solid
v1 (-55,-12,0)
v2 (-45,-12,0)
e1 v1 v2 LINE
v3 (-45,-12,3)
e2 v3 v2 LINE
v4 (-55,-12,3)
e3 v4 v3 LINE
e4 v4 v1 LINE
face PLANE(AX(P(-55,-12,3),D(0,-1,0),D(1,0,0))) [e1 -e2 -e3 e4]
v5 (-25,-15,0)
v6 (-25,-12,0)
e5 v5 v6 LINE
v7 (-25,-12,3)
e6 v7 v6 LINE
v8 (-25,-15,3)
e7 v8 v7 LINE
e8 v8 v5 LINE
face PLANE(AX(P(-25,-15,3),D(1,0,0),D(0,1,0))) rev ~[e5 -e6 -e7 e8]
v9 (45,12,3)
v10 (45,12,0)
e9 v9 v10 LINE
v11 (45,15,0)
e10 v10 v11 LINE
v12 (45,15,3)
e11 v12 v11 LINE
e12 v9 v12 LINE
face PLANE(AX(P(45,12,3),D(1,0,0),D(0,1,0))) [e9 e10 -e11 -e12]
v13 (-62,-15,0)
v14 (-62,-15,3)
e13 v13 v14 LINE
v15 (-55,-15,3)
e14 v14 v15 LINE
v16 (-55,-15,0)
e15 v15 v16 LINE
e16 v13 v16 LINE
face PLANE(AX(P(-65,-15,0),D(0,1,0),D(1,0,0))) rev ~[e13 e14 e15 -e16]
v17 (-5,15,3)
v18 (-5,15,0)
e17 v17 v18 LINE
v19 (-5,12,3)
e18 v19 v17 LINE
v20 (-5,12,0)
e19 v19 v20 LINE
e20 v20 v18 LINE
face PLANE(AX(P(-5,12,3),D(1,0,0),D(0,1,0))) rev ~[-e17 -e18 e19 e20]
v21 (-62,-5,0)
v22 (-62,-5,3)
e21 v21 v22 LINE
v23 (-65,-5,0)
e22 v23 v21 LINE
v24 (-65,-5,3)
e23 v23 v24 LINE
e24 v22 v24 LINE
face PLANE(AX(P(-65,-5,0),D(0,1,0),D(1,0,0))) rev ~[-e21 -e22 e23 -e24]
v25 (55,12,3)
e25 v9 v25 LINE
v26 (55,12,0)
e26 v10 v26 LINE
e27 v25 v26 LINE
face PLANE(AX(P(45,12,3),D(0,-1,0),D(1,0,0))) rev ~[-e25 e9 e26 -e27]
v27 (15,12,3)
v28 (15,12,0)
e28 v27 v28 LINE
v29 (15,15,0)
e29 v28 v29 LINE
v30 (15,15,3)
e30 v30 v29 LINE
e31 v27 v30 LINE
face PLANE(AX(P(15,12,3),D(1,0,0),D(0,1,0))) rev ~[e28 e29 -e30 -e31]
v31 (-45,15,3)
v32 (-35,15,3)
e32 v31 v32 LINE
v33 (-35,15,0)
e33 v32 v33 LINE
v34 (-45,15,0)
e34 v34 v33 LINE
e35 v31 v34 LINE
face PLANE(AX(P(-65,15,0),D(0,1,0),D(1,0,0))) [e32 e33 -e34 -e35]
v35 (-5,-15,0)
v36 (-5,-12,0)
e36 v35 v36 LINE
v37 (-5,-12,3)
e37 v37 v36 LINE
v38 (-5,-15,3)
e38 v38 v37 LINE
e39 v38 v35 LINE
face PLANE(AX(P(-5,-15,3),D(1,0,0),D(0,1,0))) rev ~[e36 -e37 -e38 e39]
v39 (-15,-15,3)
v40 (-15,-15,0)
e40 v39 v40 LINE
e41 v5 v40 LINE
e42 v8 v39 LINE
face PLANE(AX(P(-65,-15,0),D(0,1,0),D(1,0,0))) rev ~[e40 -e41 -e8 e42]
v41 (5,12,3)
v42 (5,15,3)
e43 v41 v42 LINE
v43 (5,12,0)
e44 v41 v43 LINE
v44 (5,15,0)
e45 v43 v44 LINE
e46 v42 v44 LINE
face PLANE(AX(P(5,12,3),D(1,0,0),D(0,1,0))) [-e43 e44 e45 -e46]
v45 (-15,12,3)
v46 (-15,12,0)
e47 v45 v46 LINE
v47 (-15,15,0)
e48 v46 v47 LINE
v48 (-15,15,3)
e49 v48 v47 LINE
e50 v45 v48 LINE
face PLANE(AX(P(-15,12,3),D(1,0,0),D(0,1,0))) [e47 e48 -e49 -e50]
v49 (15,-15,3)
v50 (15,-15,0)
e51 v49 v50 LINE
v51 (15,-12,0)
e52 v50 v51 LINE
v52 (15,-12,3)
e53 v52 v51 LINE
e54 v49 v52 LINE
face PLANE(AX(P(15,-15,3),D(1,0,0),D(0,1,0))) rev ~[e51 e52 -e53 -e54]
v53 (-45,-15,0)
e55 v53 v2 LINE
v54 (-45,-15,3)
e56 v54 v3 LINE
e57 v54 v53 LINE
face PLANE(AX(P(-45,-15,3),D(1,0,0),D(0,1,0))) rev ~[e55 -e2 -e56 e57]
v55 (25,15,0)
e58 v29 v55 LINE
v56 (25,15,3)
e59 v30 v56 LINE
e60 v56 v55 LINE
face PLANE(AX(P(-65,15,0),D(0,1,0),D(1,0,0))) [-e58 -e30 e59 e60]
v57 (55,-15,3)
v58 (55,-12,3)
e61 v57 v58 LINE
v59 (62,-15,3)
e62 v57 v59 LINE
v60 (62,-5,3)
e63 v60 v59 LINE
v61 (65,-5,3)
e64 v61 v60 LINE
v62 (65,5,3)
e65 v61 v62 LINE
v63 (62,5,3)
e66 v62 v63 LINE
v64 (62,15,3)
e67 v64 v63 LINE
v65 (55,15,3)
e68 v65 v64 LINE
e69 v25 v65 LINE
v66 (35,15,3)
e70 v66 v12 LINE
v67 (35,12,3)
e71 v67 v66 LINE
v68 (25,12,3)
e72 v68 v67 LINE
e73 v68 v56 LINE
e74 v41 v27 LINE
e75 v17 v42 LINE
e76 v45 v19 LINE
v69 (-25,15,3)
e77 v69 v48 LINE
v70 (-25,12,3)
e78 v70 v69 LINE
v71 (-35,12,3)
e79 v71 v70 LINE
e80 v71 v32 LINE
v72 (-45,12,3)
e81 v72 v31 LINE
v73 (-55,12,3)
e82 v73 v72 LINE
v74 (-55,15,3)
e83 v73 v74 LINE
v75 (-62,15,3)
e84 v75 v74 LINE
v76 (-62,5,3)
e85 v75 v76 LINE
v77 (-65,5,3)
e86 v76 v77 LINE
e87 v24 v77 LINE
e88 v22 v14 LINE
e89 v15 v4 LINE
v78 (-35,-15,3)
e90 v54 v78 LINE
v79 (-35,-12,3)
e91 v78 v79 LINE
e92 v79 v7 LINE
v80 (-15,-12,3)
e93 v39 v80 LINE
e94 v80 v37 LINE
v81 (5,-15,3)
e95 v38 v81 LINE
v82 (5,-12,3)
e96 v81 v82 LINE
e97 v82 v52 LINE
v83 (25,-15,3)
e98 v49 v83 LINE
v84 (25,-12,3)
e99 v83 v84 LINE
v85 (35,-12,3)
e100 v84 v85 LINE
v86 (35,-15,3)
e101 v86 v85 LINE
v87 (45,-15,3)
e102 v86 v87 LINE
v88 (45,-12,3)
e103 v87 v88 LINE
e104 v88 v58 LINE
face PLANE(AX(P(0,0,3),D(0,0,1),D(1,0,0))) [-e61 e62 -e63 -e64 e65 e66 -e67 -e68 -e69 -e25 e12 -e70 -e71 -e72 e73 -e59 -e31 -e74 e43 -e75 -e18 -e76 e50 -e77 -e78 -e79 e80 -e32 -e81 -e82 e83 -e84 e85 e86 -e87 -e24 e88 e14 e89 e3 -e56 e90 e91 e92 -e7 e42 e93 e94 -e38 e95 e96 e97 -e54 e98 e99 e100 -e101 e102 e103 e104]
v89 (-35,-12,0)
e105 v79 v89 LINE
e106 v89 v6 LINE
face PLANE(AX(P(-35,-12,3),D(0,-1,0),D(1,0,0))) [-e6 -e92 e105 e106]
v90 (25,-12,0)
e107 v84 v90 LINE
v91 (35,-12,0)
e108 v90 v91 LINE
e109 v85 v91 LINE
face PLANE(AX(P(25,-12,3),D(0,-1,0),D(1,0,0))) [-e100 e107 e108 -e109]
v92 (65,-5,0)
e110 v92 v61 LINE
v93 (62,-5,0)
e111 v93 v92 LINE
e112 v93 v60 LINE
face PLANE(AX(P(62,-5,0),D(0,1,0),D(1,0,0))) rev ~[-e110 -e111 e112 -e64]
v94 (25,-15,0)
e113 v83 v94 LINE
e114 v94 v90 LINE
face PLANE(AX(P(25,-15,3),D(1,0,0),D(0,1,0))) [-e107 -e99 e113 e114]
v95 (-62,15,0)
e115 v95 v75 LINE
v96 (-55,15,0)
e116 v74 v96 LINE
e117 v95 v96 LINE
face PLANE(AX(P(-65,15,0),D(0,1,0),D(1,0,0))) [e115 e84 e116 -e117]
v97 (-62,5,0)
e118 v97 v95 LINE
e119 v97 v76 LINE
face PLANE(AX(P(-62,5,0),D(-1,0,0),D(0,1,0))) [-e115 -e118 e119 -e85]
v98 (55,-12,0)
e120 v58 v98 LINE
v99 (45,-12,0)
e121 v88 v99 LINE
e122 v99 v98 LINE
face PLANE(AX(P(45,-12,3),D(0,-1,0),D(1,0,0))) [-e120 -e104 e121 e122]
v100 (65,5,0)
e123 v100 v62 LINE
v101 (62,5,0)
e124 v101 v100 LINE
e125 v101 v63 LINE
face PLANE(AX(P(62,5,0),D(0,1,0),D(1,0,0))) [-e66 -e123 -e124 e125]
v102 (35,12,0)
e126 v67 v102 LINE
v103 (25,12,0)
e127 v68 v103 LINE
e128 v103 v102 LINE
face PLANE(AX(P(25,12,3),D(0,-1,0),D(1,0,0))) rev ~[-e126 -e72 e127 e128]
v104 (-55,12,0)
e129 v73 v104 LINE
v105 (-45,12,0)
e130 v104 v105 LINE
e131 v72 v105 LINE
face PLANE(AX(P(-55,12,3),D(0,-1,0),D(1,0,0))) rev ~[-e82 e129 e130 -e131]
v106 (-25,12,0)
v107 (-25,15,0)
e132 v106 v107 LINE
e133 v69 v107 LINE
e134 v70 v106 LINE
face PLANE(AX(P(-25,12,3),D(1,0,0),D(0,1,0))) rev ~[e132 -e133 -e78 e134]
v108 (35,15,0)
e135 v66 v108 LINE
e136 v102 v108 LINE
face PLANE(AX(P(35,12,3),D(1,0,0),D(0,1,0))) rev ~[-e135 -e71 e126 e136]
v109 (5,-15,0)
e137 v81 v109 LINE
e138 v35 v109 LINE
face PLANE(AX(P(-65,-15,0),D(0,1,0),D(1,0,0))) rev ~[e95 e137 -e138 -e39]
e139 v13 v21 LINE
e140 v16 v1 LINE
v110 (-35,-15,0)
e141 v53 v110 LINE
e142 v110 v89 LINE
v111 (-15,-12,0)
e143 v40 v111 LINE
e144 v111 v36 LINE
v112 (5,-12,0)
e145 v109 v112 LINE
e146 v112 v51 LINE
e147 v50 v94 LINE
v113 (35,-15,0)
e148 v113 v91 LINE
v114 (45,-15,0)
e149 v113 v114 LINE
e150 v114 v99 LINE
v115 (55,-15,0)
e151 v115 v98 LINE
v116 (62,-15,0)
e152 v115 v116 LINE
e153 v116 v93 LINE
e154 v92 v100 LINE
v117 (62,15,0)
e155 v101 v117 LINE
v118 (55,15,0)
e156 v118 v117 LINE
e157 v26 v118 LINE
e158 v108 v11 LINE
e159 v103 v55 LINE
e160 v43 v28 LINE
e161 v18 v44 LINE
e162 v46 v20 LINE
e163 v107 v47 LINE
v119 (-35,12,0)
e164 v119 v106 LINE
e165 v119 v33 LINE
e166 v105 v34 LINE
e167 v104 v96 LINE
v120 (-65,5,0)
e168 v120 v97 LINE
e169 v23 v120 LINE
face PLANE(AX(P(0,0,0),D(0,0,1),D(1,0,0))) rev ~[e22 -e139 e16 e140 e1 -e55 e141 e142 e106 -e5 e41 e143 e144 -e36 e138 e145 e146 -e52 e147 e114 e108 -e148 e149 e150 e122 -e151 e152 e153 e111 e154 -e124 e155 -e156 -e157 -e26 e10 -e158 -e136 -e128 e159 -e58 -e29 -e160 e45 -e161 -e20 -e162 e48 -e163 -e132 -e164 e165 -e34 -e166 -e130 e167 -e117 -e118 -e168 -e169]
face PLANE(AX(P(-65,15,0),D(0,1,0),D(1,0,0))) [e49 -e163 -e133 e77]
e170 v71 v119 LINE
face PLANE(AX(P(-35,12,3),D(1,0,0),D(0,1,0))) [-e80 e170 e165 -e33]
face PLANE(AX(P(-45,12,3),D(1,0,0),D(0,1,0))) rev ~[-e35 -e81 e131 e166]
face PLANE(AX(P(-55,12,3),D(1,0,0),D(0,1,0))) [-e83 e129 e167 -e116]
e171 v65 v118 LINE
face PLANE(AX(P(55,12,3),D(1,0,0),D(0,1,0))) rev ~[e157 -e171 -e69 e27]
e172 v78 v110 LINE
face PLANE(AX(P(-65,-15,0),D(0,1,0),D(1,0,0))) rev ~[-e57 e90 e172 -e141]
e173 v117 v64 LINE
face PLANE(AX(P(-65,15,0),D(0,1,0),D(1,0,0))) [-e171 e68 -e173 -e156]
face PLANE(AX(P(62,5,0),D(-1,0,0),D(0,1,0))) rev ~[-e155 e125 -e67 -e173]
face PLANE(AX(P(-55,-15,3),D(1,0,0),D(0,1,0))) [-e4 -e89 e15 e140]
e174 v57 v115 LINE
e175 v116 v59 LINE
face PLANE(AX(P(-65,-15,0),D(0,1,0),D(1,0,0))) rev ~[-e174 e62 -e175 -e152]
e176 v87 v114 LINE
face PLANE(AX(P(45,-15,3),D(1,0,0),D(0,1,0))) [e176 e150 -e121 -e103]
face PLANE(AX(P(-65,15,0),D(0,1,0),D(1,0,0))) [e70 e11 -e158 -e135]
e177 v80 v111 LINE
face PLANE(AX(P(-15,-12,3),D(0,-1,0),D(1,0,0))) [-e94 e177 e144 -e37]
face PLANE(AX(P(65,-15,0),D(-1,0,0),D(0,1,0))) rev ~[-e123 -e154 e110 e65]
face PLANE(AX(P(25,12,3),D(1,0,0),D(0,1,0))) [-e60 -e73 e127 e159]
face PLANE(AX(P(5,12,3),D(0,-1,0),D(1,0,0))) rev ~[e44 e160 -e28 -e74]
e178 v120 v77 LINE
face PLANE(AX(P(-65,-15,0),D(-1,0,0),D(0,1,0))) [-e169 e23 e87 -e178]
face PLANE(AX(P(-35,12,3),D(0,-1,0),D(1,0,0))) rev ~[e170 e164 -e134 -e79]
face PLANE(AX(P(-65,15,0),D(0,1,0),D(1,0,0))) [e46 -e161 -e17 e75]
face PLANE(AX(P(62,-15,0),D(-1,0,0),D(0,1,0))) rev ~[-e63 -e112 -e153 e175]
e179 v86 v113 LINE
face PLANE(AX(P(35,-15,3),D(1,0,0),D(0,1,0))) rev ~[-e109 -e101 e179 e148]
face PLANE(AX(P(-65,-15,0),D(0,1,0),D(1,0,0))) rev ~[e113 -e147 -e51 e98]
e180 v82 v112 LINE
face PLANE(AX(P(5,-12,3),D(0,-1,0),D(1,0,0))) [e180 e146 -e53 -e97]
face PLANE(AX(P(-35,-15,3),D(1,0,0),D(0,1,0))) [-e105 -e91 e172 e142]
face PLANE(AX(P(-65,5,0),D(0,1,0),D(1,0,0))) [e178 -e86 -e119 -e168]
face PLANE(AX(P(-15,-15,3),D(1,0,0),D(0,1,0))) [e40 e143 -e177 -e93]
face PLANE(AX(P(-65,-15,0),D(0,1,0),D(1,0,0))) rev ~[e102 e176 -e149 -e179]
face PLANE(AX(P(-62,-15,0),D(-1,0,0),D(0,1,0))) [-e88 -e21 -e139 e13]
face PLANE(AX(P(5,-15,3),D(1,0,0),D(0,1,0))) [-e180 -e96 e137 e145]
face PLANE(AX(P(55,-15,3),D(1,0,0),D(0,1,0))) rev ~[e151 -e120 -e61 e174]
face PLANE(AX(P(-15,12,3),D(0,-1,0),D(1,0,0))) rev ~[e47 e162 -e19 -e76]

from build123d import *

# Parameters (mm, degrees)
F0_W     = 130
F0_H     = 30
F2_DEPTH = 3
F1_W     = 3
F1_H     = 10
F3_DEPTH = 25
F4_W     = 10
F4_H     = 3
F5_DEPTH = 25


with BuildPart() as f2:
    # F0 (on Top) → F2 (new body)
    with BuildSketch(Plane.XY):
        Rectangle(F0_W, F0_H)
    extrude(amount=F2_DEPTH)

    # F1 (on face) → F3 (cut)
    with BuildSketch(Plane.XY):
        with Locations((63.5, -10)):
            Rectangle(F1_W, F1_H)
        with Locations((63.5, 10)):
            Rectangle(F1_W, F1_H)
        with Locations((63.5, 30)):
            Rectangle(F1_W, F1_H)
        with Locations((63.5, 50)):
            Rectangle(F1_W, F1_H)
        with Locations((63.5, 70)):
            Rectangle(F1_W, F1_H)
        with Locations((63.5, 90)):
            Rectangle(F1_W, F1_H)
        with Locations((-63.5, -10)):
            Rectangle(F1_W, F1_H)
        with Locations((-63.5, 70)):
            Rectangle(F1_W, F1_H)
        with Locations((-63.5, 50)):
            Rectangle(F1_W, F1_H)
        with Locations((-63.5, 30)):
            Rectangle(F1_W, F1_H)
        with Locations((-63.5, 90)):
            Rectangle(F1_W, F1_H)
        with Locations((-63.5, 10)):
            Rectangle(F1_W, F1_H)
    extrude(amount=F3_DEPTH, mode=Mode.SUBTRACT)

    # F4 (on face) → F5 (cut)
    with BuildSketch(Plane.XY.offset(3)):
        with Locations((-50, -13.5)):
            Rectangle(F4_W, F4_H)
        with Locations((-30, -13.5)):
            Rectangle(F4_W, F4_H)
        with Locations((-10, -13.5)):
            Rectangle(F4_W, F4_H)
        with Locations((10, -13.5)):
            Rectangle(F4_W, F4_H)
        with Locations((30, -13.5)):
            Rectangle(F4_W, F4_H)
        with Locations((50, -13.5)):
            Rectangle(F4_W, F4_H)
        with Locations((30, 13.5)):
            Rectangle(F4_W, F4_H)
        with Locations((-50, 13.5)):
            Rectangle(F4_W, F4_H)
        with Locations((50, 13.5)):
            Rectangle(F4_W, F4_H)
        with Locations((-30, 13.5)):
            Rectangle(F4_W, F4_H)
        with Locations((70, 13.5)):
            Rectangle(F4_W, F4_H)
        with Locations((-10, 13.5)):
            Rectangle(F4_W, F4_H)
        with Locations((10, 13.5)):
            Rectangle(F4_W, F4_H)
    extrude(amount=-F5_DEPTH, mode=Mode.SUBTRACT)


solid = f2.part
